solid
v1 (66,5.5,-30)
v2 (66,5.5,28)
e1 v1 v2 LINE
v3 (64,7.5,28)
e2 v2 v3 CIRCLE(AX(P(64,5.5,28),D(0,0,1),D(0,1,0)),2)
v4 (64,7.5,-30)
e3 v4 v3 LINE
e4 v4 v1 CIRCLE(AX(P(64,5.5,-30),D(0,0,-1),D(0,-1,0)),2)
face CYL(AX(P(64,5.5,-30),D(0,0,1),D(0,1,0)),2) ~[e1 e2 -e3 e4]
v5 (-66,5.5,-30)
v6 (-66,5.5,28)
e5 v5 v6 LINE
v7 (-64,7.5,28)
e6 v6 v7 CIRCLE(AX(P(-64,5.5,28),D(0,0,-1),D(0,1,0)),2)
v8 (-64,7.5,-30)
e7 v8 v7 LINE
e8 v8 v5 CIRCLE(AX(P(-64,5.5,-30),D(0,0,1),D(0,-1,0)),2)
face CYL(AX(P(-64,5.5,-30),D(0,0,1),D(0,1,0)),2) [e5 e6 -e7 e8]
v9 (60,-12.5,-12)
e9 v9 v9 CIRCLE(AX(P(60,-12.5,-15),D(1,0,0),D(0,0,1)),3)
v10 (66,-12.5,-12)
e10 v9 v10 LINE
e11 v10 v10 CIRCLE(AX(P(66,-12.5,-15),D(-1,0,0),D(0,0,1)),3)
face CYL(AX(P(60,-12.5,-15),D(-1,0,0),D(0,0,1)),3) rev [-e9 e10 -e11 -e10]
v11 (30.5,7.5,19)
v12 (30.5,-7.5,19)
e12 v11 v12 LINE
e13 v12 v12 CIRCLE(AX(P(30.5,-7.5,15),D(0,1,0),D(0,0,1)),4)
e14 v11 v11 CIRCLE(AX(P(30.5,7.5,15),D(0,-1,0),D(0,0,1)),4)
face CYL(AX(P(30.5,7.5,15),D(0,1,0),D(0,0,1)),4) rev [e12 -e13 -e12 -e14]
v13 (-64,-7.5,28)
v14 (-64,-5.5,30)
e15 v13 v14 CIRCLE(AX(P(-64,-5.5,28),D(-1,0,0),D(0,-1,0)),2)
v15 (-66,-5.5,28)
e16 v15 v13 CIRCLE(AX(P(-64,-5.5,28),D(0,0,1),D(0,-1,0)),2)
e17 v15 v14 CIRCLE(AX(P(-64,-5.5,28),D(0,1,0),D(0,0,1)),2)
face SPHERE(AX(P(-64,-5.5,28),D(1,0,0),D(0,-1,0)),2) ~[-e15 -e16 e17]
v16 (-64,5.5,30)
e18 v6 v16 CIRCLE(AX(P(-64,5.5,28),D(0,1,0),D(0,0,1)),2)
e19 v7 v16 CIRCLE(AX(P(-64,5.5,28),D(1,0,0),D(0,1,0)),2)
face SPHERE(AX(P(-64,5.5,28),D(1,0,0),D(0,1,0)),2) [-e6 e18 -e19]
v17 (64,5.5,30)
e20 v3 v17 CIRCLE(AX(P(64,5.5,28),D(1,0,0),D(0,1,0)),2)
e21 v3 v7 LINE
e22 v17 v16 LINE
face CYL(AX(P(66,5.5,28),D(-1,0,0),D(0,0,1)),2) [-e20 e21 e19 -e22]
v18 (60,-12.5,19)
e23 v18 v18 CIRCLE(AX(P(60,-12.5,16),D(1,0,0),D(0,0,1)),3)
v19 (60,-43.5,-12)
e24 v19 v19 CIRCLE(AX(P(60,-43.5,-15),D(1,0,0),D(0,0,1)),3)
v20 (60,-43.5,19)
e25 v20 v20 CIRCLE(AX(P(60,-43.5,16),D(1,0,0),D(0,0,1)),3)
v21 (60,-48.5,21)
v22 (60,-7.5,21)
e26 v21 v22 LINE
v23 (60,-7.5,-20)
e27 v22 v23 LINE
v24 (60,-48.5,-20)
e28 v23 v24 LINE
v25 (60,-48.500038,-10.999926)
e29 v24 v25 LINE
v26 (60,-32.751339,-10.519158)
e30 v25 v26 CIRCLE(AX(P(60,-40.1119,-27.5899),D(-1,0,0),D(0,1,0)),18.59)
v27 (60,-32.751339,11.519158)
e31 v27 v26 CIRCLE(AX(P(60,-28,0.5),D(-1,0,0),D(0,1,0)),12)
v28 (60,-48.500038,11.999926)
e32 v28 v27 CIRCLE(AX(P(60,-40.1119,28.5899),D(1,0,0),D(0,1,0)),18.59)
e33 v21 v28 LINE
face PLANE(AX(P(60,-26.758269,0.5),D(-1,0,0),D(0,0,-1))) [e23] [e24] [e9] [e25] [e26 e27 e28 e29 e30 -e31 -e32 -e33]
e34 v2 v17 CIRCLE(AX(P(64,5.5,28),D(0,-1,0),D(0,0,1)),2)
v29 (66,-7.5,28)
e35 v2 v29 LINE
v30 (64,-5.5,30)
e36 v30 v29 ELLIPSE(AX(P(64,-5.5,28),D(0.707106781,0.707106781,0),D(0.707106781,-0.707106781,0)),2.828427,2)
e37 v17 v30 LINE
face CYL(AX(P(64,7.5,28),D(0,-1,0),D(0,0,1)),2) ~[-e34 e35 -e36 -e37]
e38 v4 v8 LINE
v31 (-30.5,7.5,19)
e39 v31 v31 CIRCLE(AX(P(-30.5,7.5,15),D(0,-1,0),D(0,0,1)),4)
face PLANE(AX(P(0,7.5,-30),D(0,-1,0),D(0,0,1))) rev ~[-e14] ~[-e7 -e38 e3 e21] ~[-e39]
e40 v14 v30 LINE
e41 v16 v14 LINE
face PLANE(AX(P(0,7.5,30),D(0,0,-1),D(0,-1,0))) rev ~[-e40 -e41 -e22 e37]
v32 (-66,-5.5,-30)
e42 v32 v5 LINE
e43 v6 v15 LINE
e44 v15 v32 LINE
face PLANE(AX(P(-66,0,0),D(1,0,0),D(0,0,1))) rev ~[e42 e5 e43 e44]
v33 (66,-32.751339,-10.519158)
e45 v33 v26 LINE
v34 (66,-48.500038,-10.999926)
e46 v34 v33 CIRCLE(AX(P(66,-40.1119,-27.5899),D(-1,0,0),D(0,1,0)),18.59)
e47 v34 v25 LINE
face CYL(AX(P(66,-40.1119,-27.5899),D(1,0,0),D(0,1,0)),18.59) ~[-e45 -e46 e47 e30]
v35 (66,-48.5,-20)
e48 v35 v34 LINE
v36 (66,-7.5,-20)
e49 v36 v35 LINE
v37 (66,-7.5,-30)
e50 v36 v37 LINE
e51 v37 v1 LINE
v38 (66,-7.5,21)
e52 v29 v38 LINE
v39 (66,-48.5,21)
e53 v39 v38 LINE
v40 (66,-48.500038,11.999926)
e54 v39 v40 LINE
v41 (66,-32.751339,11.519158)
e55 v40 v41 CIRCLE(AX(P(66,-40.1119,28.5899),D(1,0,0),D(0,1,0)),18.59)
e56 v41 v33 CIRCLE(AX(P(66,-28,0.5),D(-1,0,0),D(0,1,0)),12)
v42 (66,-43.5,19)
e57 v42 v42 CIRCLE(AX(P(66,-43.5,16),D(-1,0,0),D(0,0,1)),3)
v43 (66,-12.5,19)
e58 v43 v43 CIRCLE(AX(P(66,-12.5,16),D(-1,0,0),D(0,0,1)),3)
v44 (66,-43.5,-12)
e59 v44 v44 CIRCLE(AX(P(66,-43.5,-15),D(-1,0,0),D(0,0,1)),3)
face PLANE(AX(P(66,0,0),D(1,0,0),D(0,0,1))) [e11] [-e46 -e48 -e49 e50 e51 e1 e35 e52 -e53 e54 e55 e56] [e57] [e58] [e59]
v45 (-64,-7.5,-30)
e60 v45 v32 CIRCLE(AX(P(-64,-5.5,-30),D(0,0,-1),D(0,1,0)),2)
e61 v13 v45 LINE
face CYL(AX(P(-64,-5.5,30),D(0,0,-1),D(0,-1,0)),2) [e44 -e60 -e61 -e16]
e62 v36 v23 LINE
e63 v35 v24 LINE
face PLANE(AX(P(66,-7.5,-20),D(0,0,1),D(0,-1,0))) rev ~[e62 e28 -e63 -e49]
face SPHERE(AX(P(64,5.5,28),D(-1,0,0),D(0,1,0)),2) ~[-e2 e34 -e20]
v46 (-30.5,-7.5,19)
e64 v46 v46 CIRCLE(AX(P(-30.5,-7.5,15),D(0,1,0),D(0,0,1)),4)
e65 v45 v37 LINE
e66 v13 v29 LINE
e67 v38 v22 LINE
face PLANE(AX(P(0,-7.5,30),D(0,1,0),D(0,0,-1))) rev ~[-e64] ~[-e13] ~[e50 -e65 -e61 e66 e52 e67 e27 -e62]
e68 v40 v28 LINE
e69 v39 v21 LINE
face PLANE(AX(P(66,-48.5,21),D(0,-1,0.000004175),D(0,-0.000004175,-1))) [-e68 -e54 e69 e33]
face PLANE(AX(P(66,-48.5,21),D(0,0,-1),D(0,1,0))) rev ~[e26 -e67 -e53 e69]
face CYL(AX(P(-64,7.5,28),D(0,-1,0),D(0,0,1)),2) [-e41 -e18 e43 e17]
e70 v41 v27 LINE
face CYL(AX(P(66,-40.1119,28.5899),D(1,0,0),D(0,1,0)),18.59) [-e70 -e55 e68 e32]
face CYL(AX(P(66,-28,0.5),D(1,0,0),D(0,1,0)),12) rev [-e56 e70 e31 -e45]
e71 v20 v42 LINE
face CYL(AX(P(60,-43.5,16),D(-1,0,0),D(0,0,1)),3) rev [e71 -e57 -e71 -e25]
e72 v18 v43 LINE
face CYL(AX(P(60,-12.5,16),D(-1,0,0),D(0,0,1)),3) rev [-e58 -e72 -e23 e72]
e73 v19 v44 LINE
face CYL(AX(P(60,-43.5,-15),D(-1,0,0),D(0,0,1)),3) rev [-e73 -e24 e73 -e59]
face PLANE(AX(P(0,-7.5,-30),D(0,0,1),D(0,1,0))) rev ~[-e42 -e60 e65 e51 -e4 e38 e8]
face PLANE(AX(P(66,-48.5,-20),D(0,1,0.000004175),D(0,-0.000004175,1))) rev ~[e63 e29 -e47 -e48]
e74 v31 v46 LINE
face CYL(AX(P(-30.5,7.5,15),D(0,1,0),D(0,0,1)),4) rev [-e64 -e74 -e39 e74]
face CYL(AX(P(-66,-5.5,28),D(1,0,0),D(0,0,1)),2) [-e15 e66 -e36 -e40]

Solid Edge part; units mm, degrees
sketch "Sketch1" plane through (0, 0, 0) normal (1, 0, 0) x (0, 1, 0)
  line L0 (7.5, 30) -> (-7.5, 30)
  line L1 (-7.5, 30) -> (-7.5, -30)
  line L2 (-7.5, -30) -> (7.5, -30)
  line L3 (7.5, -30) -> (7.5, 30)
extrude "largo" add sketch "Sketch1" along normal mid plane 132
hole "Hole1" at (30.5, 7.5, 15) direction (0, -1, 0) diameter 8 end up to next
hole "Hole2" at (-30.5, 7.5, 15) direction (0, -1, 0) diameter 8 end up to next
sketch "Sketch2" plane through (66, 0, 0) normal (1, 0, 0) x (0, 1, 0)
  arc A0 (-48.5, -11) -> (-32.7514, -10.5193) centre (-40.1119, -27.5899) cw
  line L0 (-48.5, -20) -> (-48.5, -11)
  line L1 (-7.5, -20) -> (-48.5, -20)
  line L2 (-7.5, 21) -> (-7.5, -20)
  line L3 (-48.5, 21) -> (-7.5, 21)
  line L4 (-48.5, 21) -> (-48.5, 12)
  arc A1 (-48.5, 12) -> (-32.7514, 11.5193) centre (-40.1119, 28.5899) ccw
  arc A2 (-32.7514, 11.5193) -> (-32.7514, -10.5193) centre (-28, 0.5) cw
extrude "Protrusion1" add sketch "Sketch2" against normal blind 6
hole "Agujero_7" at (60, -12.5, 16) direction (1, 0, 0) diameter 6 end up to next
hole "Hole3" at (60, -43.5, 16) direction (1, 0, 0) diameter 6 end up to next
hole "Hole4" at (60, -43.5, -15) direction (1, 0, 0) diameter 6 end up to next
hole "Hole5" at (60, -12.5, -15) direction (1, 0, 0) diameter 6 end up to next
fillet "Redondeo_1" radius 2 7 edges at (0, 7.5, 30) (0, -7.5, 30) (-66, 7.5, 0) (-66, -7.5, 0) (66, 7.5, 0) (66, 0, 30) (-66, 0, 30)
